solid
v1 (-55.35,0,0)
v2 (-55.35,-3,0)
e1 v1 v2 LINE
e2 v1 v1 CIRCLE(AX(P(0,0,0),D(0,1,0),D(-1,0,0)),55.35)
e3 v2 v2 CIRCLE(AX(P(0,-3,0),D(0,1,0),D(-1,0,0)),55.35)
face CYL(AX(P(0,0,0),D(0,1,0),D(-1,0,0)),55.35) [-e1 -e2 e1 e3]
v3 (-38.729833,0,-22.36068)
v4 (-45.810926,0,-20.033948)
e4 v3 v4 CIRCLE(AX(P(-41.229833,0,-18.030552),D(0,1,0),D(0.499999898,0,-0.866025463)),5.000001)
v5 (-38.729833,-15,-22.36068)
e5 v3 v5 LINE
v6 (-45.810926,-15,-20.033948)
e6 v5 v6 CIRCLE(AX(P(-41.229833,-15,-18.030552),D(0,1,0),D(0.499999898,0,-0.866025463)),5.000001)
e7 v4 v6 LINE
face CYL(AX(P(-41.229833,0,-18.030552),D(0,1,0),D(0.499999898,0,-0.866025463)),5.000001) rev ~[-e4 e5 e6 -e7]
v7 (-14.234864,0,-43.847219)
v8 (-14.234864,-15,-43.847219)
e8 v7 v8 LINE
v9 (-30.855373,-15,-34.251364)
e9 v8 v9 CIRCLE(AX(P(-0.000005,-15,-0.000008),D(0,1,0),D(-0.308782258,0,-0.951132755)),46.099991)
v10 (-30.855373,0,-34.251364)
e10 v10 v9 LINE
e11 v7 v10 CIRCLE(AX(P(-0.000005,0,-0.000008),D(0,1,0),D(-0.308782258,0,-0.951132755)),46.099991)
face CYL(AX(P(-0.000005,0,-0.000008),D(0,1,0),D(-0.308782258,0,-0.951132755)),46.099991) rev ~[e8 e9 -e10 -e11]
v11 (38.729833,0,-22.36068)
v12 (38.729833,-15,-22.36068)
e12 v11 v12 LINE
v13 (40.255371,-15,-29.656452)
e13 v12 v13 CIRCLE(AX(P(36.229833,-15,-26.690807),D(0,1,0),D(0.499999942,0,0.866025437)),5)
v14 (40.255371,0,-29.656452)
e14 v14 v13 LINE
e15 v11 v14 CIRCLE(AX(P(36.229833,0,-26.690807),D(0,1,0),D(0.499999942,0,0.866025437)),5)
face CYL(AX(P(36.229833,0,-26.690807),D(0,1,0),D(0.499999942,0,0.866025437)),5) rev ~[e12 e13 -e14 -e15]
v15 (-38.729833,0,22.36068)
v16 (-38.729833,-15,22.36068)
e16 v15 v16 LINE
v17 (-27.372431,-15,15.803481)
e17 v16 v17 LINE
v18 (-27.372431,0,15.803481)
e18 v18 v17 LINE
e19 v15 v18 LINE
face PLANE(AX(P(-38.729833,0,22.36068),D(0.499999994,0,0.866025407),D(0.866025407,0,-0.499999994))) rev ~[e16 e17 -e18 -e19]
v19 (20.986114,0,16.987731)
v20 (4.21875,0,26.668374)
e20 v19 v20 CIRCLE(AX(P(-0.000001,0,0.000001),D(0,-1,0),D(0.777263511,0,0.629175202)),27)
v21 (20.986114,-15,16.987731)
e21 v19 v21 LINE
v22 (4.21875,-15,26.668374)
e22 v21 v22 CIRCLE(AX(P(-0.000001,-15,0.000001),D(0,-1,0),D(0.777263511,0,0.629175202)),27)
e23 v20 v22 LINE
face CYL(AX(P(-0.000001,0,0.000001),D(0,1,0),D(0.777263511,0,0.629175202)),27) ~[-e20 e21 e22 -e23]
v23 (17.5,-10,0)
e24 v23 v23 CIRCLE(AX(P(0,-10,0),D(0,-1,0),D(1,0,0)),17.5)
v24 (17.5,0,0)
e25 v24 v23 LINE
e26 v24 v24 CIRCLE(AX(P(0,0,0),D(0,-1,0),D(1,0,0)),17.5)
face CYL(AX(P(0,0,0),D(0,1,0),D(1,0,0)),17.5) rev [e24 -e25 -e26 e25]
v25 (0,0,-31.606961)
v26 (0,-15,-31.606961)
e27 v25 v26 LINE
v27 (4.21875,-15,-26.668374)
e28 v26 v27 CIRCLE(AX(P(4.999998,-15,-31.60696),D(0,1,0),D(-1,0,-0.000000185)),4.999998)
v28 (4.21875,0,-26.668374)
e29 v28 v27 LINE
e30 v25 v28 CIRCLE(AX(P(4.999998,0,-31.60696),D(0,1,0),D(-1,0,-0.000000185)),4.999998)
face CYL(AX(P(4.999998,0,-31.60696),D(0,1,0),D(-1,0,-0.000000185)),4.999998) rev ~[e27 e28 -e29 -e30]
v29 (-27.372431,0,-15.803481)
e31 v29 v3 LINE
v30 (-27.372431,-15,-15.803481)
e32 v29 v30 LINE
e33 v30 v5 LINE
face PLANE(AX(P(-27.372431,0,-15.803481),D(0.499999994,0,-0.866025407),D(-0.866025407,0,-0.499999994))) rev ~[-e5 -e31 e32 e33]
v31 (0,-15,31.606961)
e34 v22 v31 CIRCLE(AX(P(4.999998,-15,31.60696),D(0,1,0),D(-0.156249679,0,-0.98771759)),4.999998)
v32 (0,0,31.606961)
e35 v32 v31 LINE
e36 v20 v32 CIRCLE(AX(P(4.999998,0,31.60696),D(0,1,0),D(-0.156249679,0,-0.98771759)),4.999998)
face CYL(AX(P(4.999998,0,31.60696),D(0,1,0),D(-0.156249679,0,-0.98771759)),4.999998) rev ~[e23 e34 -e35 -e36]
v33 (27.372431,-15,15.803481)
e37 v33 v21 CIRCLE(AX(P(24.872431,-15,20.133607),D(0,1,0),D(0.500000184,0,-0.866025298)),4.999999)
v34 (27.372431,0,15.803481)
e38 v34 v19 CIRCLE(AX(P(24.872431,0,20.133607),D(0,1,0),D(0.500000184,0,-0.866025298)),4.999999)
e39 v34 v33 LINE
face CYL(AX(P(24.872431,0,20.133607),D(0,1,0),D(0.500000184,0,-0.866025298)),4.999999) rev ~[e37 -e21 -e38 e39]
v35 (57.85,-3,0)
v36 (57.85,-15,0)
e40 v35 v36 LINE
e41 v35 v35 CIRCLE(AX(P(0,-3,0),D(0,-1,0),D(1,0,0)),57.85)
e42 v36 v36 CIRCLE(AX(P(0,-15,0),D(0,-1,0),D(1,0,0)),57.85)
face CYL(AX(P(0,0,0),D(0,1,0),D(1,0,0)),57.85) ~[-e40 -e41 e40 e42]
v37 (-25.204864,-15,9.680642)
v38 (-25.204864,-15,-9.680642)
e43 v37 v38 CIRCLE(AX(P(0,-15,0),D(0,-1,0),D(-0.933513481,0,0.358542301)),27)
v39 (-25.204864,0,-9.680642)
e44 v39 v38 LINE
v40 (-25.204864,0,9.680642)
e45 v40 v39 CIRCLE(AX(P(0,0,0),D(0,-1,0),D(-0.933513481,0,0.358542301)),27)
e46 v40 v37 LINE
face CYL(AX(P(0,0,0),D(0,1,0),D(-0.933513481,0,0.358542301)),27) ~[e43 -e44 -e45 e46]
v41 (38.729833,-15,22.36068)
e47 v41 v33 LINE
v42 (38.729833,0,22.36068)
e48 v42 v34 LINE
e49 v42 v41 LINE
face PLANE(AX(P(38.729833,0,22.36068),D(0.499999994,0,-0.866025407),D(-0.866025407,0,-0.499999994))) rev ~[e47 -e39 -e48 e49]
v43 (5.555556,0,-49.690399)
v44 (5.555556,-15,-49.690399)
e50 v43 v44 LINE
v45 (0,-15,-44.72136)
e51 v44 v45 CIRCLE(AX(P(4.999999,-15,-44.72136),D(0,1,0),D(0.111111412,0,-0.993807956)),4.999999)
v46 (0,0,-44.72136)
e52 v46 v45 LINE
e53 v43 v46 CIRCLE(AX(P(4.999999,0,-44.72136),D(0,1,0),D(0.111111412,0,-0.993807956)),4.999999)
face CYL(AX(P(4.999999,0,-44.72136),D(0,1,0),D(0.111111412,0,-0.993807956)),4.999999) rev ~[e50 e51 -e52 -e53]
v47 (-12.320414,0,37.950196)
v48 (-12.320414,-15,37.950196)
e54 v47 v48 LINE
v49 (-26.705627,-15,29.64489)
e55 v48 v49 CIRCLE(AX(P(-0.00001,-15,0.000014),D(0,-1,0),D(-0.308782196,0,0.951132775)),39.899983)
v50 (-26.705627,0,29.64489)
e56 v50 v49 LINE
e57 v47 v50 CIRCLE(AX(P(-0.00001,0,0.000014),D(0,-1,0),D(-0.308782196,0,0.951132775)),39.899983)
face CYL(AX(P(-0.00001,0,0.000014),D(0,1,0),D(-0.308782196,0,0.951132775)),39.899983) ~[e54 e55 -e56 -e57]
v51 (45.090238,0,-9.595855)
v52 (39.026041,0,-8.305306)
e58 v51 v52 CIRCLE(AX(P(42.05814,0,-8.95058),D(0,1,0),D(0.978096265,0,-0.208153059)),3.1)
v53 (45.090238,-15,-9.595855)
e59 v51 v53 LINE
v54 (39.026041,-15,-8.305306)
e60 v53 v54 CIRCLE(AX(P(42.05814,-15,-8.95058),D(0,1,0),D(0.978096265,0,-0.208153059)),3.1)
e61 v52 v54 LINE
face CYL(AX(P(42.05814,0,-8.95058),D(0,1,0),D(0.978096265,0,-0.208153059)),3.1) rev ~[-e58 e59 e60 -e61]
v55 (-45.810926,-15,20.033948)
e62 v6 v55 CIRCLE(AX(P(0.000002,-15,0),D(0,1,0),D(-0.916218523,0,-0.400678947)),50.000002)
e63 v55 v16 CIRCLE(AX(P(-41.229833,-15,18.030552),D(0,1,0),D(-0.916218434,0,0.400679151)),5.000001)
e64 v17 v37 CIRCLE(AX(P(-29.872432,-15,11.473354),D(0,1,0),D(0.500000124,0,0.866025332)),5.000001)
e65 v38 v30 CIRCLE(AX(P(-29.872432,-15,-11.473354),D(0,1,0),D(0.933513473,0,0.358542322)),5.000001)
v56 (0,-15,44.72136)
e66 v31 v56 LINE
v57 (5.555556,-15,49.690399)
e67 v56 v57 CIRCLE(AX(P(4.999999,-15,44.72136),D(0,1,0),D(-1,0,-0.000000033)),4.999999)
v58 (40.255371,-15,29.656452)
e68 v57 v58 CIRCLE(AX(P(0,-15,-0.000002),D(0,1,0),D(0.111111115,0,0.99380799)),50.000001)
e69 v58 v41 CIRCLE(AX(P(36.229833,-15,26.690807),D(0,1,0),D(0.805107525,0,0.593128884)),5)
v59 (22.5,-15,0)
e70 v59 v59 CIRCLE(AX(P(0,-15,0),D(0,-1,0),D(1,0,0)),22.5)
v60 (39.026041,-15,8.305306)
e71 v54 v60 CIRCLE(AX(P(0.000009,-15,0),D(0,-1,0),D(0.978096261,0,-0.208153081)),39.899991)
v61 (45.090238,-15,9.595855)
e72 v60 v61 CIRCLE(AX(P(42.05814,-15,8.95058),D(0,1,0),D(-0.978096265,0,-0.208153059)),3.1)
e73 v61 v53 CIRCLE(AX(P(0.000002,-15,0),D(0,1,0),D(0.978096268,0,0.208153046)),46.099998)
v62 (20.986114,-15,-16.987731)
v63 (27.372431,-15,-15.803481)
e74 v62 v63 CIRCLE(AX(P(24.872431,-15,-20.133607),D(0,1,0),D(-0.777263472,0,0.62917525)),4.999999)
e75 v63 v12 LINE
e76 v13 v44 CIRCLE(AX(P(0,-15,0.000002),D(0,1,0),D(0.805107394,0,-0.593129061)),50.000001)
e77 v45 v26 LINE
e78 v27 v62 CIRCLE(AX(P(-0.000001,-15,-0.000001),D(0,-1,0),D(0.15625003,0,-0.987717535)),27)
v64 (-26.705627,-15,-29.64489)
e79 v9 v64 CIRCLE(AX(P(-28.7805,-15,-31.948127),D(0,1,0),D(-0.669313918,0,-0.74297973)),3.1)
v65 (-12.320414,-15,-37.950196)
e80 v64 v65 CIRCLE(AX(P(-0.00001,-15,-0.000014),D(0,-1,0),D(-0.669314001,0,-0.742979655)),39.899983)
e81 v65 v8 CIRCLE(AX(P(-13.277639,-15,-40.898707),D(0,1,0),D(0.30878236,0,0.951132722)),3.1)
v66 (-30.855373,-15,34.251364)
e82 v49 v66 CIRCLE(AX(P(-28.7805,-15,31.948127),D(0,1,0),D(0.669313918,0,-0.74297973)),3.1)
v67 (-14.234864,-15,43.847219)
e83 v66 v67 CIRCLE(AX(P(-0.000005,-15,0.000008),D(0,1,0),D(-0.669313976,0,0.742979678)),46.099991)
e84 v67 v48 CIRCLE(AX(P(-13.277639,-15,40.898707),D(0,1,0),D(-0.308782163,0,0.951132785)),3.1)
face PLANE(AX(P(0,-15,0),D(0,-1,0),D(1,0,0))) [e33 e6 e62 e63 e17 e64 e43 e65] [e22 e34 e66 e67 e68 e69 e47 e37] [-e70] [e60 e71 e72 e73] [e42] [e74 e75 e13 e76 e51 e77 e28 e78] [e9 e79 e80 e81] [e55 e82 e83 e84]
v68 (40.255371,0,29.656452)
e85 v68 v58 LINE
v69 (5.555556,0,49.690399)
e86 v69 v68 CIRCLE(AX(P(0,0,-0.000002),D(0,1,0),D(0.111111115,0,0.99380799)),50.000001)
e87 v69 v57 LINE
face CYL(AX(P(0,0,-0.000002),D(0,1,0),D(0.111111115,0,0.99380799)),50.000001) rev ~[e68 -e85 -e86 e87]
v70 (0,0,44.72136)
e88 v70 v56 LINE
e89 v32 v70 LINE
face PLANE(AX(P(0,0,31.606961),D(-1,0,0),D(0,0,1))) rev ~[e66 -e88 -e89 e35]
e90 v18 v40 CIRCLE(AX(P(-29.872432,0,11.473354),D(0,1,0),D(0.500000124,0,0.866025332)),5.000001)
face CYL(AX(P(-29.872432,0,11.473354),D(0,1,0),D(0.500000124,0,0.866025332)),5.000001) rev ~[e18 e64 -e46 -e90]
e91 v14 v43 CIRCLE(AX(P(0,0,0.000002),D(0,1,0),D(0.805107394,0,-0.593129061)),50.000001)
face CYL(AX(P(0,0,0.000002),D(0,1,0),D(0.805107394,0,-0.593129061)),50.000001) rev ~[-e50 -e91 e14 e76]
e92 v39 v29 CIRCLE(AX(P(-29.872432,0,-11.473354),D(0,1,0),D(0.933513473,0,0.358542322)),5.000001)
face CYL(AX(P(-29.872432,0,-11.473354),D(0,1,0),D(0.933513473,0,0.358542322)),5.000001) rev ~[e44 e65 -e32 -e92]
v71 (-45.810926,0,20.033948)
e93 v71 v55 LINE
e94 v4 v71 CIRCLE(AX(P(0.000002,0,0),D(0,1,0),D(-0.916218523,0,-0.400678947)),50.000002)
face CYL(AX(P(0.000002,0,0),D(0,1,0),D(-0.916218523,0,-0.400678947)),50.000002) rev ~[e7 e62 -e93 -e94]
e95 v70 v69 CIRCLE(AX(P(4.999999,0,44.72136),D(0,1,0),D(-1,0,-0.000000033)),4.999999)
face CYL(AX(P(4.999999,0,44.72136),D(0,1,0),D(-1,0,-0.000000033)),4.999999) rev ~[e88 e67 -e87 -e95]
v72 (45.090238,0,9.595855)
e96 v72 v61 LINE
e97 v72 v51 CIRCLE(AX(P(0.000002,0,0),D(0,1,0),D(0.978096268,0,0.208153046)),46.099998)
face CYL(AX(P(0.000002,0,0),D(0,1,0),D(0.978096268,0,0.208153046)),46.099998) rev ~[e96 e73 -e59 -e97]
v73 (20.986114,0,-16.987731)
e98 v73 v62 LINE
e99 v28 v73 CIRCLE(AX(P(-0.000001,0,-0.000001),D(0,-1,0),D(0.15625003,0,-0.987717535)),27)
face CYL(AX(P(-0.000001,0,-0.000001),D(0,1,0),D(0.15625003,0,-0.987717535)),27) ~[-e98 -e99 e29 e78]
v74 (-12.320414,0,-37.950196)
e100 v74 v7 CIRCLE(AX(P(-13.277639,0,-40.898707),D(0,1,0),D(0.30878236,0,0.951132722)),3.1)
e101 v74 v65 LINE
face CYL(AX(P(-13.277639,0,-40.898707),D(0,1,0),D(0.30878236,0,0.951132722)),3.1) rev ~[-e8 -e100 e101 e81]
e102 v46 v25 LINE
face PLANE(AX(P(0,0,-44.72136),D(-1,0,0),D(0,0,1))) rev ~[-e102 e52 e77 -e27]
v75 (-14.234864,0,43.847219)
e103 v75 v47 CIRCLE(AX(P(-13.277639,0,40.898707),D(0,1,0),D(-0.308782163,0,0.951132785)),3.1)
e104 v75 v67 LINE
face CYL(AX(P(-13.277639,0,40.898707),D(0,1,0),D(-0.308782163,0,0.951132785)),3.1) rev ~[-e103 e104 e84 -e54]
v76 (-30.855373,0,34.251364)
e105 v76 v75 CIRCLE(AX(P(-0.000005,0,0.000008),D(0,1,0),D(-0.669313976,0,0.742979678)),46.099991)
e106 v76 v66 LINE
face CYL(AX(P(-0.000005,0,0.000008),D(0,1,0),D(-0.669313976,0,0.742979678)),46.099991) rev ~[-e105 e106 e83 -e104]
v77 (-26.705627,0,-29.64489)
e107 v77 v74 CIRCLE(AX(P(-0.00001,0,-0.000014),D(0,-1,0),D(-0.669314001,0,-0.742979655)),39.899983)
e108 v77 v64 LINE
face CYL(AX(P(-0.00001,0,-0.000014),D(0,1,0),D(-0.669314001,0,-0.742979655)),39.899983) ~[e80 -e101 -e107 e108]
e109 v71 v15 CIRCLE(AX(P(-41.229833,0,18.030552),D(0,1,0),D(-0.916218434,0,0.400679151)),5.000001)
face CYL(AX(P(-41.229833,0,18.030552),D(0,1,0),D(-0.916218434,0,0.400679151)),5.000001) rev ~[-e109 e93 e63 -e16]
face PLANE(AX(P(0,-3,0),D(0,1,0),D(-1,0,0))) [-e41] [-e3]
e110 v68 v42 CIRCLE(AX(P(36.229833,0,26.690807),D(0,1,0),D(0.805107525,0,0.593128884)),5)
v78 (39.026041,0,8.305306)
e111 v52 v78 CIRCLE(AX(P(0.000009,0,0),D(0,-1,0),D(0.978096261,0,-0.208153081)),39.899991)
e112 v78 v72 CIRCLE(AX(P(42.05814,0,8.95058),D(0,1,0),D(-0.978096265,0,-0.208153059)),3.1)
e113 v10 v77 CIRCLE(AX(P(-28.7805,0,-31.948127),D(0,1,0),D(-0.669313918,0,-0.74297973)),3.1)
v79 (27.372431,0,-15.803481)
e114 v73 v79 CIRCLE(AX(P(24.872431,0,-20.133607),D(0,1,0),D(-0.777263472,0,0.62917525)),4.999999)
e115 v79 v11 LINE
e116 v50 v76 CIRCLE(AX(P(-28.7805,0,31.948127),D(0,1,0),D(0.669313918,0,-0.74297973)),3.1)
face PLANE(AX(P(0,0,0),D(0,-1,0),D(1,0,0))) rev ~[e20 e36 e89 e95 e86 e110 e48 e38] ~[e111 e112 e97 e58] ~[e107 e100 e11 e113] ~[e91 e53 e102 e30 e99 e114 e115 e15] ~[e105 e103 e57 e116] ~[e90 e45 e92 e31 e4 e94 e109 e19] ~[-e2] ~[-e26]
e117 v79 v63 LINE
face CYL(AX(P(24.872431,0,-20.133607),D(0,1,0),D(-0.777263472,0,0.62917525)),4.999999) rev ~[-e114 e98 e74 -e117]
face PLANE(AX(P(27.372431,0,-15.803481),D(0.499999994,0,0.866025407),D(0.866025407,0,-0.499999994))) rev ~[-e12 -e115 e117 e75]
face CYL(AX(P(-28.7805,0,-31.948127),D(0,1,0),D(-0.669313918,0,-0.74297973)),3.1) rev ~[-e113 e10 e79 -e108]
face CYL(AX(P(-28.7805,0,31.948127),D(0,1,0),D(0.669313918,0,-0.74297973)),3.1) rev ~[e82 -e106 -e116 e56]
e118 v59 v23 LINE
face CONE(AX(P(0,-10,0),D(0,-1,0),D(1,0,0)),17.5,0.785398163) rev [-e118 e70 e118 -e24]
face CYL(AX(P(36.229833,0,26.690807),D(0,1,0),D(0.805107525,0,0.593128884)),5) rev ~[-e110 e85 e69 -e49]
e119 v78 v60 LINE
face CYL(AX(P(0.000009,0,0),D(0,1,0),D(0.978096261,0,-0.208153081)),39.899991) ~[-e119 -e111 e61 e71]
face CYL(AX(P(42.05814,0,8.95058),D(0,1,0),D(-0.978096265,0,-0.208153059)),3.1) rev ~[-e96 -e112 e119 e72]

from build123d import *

# Parameters (mm, degrees)
F0_R     = 57.85
F0_R_2   = 17.5
F1_DEPTH = 15
F2_R     = 57.85
F2_R_2   = 55.35
F3_DEPTH = 3
F4_SIZE  = 5


with BuildPart() as f1:
    # F0 (on Front) → F1 (new body)
    with BuildSketch(Plane.XZ):
        Circle(F0_R)
        with BuildLine():
            ThreePointArc((-12.320414, -37.950196), (-10.329128, -41.855933), (-14.234864, -43.847219))
            ThreePointArc((-14.234864, -43.847219), (-23.05, -39.923771), (-30.855373, -34.251364))
            ThreePointArc((-30.855373, -34.251364), (-31.083737, -29.873254), (-26.705627, -29.64489))
            ThreePointArc((-26.705627, -29.64489), (-19.95, -34.554414), (-12.320414, -37.950196))
        make_face(mode=Mode.SUBTRACT)
        with BuildLine():
            ThreePointArc((-27.372431, 15.803481), (-25.159068, 13.141948), (-25.204864, 9.680642))
            ThreePointArc((-25.204864, 9.680642), (-27, 0), (-25.204864, -9.680642))
            ThreePointArc((-25.204864, -9.680642), (-25.159068, -13.141948), (-27.372431, -15.803481))
            Line((-27.372431, -15.803481), (-38.729833, -22.36068))
            ThreePointArc((-38.729833, -22.36068), (-42.790653, -22.780694), (-45.810926, -20.033948))
            ThreePointArc((-45.810926, -20.033948), (-50, 0), (-45.810926, 20.033948))
            ThreePointArc((-45.810926, 20.033948), (-42.790653, 22.780694), (-38.729833, 22.36068))
            Line((-38.729833, 22.36068), (-27.372431, 15.803481))
        make_face(mode=Mode.SUBTRACT)
        Circle(F0_R_2, mode=Mode.SUBTRACT)
        with BuildLine():
            Line((0, -44.72136), (0, -31.606961))
            ThreePointArc((0, -31.606961), (1.198273, -28.359366), (4.21875, -26.668374))
            ThreePointArc((4.21875, -26.668374), (13.5, -23.382686), (20.986114, -16.987731))
            ThreePointArc((20.986114, -16.987731), (23.960795, -15.217418), (27.372431, -15.803481))
            Line((27.372431, -15.803481), (38.729833, -22.36068))
            ThreePointArc((38.729833, -22.36068), (41.123986, -25.667445), (40.255371, -29.656452))
            ThreePointArc((40.255371, -29.656452), (25, -43.30127), (5.555556, -49.690399))
            ThreePointArc((5.555556, -49.690399), (1.666667, -48.44814), (0, -44.72136))
        make_face(mode=Mode.SUBTRACT)
        with BuildLine():
            ThreePointArc((45.090238, 9.595855), (46.1, 0), (45.090238, -9.595855))
            ThreePointArc((45.090238, -9.595855), (41.412865, -11.982679), (39.026041, -8.305306))
            ThreePointArc((39.026041, -8.305306), (39.9, 0), (39.026041, 8.305306))
            ThreePointArc((39.026041, 8.305306), (41.412865, 11.982679), (45.090238, 9.595855))
        make_face(mode=Mode.SUBTRACT)
        with BuildLine():
            ThreePointArc((-30.855373, 34.251364), (-23.05, 39.923771), (-14.234864, 43.847219))
            ThreePointArc((-14.234864, 43.847219), (-10.329128, 41.855933), (-12.320414, 37.950196))
            ThreePointArc((-12.320414, 37.950196), (-19.95, 34.554414), (-26.705627, 29.64489))
            ThreePointArc((-26.705627, 29.64489), (-31.083737, 29.873254), (-30.855373, 34.251364))
        make_face(mode=Mode.SUBTRACT)
        with BuildLine():
            ThreePointArc((20.986114, 16.987731), (13.5, 23.382686), (4.21875, 26.668374))
            ThreePointArc((4.21875, 26.668374), (1.198273, 28.359366), (0, 31.606961))
            Line((0, 31.606961), (0, 44.72136))
            ThreePointArc((0, 44.72136), (1.666667, 48.44814), (5.555556, 49.690399))
            ThreePointArc((5.555556, 49.690399), (25, 43.30127), (40.255371, 29.656452))
            ThreePointArc((40.255371, 29.656452), (41.123986, 25.667445), (38.729833, 22.36068))
            Line((38.729833, 22.36068), (27.372431, 15.803481))
            ThreePointArc((27.372431, 15.803481), (23.960795, 15.217418), (20.986114, 16.987731))
        make_face(mode=Mode.SUBTRACT)
    extrude(amount=F1_DEPTH)

    # F2 (on face) → F3 (cut)
    with BuildSketch(Plane(origin=(0, 0, 0), x_dir=(-1, 0, 0), z_dir=(0, 1, 0))):
        Circle(F2_R)
        Circle(F2_R_2, mode=Mode.SUBTRACT)
    extrude(amount=-F3_DEPTH, mode=Mode.SUBTRACT)

    # F4
    f4_edges = [f1.edges().sort_by_distance(p)[0] for p in [
        (-17.5, -15, 0),
    ]]
    chamfer(f4_edges, length=F4_SIZE)


solid = f1.part
